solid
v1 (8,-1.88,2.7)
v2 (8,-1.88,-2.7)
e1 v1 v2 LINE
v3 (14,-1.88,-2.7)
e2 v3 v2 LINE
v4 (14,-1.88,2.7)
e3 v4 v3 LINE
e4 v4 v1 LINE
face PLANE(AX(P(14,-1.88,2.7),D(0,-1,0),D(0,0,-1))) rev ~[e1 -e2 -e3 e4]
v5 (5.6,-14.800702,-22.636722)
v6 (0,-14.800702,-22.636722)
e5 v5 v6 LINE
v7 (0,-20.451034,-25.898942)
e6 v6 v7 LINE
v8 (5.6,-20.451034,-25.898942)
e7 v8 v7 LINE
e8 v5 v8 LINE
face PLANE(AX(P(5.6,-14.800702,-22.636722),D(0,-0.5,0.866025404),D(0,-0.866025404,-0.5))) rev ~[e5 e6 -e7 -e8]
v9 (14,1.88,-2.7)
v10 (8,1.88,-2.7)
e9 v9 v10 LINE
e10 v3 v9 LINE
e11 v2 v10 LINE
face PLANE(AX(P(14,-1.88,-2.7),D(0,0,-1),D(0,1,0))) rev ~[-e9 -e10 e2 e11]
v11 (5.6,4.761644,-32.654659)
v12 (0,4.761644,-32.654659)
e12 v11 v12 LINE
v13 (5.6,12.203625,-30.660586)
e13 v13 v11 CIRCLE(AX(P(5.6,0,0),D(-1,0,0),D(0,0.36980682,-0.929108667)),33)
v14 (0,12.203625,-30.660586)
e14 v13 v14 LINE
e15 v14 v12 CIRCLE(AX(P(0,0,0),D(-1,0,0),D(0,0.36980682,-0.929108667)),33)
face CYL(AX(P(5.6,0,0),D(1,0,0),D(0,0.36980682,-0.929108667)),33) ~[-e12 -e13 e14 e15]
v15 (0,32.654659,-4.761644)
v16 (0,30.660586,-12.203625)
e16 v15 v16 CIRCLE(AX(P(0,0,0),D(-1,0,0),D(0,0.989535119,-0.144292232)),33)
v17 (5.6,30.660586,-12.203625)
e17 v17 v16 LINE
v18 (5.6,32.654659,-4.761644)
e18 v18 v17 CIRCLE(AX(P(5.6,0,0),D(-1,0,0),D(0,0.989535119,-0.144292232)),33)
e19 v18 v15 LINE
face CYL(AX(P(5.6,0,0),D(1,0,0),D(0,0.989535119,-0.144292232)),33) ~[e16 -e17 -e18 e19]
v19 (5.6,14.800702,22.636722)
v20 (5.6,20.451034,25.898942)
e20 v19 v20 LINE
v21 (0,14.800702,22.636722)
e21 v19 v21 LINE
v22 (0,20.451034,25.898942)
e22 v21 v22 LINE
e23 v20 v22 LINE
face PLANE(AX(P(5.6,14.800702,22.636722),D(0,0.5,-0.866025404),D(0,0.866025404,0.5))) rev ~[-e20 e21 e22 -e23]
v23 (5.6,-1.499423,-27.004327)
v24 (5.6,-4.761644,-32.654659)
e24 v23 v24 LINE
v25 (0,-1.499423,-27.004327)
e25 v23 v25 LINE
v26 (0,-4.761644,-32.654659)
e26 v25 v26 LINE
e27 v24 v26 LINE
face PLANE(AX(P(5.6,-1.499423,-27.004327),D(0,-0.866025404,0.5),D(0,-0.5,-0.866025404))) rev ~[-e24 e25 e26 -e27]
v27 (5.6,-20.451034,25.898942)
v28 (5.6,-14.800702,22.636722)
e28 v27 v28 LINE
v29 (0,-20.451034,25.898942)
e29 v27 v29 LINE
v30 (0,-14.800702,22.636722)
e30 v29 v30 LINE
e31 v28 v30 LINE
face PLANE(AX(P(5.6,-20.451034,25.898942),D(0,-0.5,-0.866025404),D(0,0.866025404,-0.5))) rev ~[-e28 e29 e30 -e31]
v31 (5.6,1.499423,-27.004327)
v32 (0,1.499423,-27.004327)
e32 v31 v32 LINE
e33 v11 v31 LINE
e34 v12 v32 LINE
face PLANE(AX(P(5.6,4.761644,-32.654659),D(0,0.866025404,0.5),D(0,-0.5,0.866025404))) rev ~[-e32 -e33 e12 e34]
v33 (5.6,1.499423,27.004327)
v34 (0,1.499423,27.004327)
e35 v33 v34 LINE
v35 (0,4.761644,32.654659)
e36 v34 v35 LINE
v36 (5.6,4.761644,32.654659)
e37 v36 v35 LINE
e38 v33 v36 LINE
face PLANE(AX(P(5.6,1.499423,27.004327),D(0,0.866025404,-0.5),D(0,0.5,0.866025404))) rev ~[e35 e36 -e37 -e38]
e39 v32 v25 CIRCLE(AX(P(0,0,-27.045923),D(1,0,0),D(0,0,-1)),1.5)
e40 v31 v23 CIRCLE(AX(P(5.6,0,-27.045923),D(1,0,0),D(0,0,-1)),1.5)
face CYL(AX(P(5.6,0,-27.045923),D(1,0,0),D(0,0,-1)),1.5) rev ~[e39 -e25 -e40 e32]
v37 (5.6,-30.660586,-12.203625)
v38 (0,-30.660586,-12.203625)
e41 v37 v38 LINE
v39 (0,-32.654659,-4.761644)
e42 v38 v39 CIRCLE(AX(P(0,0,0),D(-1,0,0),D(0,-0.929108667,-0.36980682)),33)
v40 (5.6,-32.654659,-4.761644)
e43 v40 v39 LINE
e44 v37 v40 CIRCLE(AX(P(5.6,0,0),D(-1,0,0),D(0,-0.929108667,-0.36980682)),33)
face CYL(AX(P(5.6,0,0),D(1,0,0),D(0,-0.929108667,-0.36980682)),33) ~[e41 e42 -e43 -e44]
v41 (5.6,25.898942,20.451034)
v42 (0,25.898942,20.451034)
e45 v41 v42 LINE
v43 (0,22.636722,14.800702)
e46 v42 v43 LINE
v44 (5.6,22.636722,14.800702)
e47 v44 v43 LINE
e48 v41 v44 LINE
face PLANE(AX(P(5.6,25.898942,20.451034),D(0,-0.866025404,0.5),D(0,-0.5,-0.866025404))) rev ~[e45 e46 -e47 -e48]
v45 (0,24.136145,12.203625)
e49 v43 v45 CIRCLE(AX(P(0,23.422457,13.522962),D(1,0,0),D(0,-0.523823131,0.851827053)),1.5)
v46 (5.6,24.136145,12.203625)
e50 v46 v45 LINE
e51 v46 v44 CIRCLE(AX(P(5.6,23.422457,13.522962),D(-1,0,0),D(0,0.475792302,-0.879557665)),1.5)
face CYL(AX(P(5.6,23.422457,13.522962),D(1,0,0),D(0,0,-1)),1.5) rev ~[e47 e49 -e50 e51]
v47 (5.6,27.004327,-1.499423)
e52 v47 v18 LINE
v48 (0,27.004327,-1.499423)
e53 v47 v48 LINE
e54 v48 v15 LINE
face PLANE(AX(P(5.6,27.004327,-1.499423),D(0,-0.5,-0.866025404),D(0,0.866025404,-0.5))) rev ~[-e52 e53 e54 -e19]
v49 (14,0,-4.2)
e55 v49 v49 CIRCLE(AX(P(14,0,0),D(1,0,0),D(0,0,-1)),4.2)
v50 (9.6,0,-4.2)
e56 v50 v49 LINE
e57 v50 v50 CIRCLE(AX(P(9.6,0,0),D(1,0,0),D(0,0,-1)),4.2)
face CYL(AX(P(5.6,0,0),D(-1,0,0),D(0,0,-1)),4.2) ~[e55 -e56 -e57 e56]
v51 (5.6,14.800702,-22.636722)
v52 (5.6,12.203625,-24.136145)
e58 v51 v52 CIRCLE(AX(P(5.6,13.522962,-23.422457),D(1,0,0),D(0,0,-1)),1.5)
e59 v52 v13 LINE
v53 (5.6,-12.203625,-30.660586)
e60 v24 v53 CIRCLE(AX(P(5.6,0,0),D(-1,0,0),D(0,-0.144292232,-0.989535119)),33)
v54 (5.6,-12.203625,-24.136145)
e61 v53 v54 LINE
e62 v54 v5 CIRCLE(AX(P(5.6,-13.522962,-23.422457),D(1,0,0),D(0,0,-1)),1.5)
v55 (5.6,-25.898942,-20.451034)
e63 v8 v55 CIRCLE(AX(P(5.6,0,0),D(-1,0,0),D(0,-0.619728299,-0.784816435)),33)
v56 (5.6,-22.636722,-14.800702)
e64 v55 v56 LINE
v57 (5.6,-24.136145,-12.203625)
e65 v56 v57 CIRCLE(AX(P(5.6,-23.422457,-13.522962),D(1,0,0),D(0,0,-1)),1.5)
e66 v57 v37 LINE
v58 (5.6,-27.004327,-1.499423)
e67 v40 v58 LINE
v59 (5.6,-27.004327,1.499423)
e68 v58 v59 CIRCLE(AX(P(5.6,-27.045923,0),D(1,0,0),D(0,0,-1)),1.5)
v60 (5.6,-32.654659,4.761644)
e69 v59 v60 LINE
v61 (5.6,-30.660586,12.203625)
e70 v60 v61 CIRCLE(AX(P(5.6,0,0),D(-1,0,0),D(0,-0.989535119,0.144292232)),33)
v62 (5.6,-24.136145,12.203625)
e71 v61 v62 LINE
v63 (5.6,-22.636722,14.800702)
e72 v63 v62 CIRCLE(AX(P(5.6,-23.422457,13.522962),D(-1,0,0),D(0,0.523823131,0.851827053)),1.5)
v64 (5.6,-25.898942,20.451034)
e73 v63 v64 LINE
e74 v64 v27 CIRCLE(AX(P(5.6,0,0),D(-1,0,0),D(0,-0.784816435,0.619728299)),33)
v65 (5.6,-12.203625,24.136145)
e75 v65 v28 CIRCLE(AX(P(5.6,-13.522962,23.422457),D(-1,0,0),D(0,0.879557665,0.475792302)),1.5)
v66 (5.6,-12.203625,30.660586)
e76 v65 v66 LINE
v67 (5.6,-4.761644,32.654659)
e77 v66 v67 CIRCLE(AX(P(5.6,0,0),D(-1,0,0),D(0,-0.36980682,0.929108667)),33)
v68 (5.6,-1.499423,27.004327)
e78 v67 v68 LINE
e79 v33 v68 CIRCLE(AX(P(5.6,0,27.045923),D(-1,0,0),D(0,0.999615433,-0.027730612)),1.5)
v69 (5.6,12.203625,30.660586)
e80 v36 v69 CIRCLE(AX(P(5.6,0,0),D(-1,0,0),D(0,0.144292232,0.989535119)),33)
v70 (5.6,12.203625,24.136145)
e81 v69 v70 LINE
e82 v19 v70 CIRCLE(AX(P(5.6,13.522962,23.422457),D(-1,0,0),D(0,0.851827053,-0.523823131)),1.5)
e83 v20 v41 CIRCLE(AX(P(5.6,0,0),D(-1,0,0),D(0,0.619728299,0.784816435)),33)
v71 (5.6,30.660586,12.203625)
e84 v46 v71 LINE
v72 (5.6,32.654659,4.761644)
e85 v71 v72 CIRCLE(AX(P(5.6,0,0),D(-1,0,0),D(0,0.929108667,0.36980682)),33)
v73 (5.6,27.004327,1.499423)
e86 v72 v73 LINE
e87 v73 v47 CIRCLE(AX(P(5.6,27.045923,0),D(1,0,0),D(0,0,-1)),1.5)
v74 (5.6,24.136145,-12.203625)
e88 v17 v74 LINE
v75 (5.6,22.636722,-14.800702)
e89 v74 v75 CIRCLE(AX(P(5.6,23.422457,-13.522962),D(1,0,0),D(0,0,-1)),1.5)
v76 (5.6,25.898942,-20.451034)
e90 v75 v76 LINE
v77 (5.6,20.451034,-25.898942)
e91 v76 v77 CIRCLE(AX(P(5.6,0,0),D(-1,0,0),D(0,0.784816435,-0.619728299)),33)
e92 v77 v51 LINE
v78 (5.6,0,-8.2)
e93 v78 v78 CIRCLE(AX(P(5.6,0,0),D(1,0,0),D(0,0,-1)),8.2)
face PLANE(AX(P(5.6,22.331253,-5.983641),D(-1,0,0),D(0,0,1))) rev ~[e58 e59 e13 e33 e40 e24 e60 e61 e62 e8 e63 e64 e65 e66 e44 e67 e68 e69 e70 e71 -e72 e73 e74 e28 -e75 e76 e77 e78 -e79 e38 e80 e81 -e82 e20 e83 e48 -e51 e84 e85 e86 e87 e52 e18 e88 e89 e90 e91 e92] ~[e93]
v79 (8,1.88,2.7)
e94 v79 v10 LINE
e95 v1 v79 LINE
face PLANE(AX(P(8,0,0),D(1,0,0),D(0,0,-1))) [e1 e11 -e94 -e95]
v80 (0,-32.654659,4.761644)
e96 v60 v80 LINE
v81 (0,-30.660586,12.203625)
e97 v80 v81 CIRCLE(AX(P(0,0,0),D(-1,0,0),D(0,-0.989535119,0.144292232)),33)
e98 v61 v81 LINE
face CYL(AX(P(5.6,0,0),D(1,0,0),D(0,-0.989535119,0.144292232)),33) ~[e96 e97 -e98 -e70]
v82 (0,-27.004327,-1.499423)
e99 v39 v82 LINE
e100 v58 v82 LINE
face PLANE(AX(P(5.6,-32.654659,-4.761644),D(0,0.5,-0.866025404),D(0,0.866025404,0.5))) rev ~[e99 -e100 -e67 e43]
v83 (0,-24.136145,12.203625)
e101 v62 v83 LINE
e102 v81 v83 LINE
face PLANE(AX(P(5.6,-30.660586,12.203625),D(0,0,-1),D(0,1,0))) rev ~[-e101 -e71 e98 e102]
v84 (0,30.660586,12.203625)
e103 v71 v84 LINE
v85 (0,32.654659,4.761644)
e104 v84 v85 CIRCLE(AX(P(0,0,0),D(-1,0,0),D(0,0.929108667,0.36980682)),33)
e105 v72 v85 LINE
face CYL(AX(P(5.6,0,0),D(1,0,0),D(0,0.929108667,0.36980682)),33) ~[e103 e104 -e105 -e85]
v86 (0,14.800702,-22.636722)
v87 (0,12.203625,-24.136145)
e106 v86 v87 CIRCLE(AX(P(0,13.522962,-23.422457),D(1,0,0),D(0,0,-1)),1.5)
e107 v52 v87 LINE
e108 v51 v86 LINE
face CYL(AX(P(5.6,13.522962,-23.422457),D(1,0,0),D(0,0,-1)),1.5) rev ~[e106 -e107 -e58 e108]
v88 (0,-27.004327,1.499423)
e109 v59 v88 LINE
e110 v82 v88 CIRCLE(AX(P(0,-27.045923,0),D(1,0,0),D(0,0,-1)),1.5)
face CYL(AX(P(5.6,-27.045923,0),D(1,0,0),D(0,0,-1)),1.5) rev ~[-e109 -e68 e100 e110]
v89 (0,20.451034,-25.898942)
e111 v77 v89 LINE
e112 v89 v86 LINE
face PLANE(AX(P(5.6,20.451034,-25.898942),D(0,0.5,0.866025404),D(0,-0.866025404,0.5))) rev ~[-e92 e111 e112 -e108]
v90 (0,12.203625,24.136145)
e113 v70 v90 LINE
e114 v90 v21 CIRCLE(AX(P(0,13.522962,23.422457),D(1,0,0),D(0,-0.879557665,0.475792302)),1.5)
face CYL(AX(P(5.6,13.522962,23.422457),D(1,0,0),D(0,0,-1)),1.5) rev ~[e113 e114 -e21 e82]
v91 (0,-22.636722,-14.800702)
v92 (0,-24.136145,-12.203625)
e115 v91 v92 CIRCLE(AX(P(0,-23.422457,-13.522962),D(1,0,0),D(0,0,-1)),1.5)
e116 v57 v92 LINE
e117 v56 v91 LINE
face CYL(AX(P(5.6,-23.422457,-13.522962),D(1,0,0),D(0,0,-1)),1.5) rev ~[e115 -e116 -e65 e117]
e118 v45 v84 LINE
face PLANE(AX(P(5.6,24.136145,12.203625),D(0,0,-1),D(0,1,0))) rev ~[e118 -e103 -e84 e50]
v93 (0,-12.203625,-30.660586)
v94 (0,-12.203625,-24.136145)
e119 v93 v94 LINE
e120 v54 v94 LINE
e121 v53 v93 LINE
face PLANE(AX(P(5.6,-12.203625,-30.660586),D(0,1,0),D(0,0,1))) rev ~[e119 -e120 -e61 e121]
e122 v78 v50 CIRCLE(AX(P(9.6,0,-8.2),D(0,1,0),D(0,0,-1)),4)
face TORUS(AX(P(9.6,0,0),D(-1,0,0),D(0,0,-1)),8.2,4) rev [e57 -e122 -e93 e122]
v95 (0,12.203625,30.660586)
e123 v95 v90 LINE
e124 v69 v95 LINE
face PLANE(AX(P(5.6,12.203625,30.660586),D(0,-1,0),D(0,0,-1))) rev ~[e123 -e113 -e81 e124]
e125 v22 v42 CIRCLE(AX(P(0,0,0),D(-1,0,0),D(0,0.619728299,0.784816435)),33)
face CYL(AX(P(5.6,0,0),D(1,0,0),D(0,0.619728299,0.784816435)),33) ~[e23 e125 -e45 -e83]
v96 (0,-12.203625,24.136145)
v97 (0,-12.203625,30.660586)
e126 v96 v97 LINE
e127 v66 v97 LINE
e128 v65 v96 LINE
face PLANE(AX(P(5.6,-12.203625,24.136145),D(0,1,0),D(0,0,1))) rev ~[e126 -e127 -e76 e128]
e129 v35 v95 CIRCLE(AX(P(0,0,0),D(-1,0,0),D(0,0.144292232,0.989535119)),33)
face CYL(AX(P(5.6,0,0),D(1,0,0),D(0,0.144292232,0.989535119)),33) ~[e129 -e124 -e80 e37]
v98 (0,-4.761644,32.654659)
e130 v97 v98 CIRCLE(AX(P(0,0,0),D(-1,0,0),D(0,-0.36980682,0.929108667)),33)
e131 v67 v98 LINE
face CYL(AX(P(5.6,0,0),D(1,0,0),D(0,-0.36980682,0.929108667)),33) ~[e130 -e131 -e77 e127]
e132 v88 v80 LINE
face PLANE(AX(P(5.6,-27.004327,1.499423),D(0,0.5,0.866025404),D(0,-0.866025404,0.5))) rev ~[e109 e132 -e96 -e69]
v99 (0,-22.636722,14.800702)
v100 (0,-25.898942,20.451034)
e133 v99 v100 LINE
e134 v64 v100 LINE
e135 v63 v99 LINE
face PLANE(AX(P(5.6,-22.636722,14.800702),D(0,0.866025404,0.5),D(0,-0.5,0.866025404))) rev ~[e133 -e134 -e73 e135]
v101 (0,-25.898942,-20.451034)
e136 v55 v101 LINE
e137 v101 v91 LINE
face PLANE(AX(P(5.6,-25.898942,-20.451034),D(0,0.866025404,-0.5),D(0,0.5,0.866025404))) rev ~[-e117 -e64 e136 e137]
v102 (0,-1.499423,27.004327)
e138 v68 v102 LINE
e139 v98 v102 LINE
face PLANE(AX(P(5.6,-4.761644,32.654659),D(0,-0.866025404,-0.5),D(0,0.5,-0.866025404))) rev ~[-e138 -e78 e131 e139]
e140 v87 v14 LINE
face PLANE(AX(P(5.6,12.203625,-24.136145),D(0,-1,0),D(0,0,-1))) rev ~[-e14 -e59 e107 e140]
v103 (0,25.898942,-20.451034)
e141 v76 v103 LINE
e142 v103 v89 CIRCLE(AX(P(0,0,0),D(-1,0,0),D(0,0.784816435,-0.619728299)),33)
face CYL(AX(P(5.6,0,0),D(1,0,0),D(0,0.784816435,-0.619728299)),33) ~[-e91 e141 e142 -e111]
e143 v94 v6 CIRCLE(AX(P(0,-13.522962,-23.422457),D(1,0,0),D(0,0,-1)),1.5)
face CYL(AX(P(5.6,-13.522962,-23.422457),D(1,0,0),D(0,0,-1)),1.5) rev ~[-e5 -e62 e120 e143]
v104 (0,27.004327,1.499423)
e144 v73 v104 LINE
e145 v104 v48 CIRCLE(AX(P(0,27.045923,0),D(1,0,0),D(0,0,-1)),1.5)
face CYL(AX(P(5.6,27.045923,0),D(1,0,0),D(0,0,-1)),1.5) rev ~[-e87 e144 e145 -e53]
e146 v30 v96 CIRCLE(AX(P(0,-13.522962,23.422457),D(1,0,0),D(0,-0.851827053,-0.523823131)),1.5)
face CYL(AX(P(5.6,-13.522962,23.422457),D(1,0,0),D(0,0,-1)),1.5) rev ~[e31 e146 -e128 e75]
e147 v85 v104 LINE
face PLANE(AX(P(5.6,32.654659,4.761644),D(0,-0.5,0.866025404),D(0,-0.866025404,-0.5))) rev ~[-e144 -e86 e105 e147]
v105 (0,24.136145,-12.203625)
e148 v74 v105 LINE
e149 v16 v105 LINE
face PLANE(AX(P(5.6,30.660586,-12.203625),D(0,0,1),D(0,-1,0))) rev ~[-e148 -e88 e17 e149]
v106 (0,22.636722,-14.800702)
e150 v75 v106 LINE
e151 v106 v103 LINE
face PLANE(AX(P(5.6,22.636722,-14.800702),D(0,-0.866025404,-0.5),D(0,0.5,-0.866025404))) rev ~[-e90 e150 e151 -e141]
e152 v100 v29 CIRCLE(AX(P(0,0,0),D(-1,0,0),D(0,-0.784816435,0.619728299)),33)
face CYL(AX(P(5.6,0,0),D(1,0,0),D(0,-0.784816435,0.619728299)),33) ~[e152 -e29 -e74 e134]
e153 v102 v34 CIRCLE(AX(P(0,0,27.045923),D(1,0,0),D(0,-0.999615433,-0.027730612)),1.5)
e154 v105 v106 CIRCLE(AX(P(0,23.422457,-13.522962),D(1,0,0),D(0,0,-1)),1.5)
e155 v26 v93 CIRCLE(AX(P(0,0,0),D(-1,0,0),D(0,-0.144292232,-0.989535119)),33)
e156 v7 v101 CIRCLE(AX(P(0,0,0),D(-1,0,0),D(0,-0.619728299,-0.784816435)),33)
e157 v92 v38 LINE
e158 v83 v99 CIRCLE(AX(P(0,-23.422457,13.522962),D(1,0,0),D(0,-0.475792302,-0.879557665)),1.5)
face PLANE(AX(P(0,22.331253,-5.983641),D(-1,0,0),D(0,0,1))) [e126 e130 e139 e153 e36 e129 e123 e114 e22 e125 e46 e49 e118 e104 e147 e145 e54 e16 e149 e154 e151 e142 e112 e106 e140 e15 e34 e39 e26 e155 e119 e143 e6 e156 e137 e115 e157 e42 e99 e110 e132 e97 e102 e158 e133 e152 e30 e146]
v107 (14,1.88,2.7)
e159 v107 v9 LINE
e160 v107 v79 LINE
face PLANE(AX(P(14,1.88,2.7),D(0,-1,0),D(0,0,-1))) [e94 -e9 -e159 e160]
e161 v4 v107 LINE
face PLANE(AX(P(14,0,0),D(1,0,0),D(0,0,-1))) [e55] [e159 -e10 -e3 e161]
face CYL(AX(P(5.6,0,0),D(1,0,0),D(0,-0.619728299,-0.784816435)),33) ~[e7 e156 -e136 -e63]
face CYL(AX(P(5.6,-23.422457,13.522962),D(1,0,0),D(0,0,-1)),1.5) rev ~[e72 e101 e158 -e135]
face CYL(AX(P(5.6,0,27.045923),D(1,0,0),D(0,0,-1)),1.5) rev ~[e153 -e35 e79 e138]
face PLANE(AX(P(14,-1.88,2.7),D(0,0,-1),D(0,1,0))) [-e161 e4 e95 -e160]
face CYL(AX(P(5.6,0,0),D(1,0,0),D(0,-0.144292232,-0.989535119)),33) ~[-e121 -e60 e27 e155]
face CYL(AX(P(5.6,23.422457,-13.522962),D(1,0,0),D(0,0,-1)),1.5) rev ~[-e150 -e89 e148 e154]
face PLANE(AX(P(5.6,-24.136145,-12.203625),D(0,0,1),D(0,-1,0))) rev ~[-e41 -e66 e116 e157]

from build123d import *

# Parameters (mm, degrees)
SKETCH3_R           = 27.045923136
BOSS_EXTRUDE1_DEPTH = 5.6
SKETCH4_R           = 1.5
CUT_EXTRUDE1_DEPTH  = 6.6
BOSS_EXTRUDE3_DEPTH = 5.6
SKETCH6_R           = 4.2
BOSS_EXTRUDE4_DEPTH = 8.4
SKETCH7_W           = 5.4
SKETCH7_H           = 3.76
CUT_EXTRUDE2_DEPTH  = 6
FILLET1_R           = 4


with BuildPart() as part:
    # Sketch3 → Boss-Extrude1 (new body)
    with BuildSketch(Plane(origin=(0, 0, 0), x_dir=(0, 0, -1), z_dir=(1, 0, 0))):
        Circle(SKETCH3_R)
    extrude(amount=BOSS_EXTRUDE1_DEPTH)

    # Sketch4 → Cut-Extrude1 (cut, through all)
    with BuildSketch(Plane(origin=(5.6, 0, 0), x_dir=(0, 0, -1), z_dir=(1, 0, 0))):
        with Locations((0, 27.045923136)):
            Circle(SKETCH4_R)
        with Locations((13.522961568, 23.422456505)):
            Circle(SKETCH4_R)
        with Locations((23.422456505, 13.522961568)):
            Circle(SKETCH4_R)
        with Locations((27.045923136, 0)):
            Circle(SKETCH4_R)
        with Locations((23.422456505, -13.522961568)):
            Circle(SKETCH4_R)
        with Locations((13.522961568, -23.422456505)):
            Circle(SKETCH4_R)
        with Locations((0, -27.045923136)):
            Circle(SKETCH4_R)
        with Locations((-13.522961568, -23.422456505)):
            Circle(SKETCH4_R)
        with Locations((-23.422456505, -13.522961568)):
            Circle(SKETCH4_R)
        with Locations((-27.045923136, 0)):
            Circle(SKETCH4_R)
        with Locations((-23.422456505, 13.522961568)):
            Circle(SKETCH4_R)
        with Locations((-13.522961568, 23.422456505)):
            Circle(SKETCH4_R)
    extrude(amount=-CUT_EXTRUDE1_DEPTH, mode=Mode.SUBTRACT)

    # Sketch5 → Boss-Extrude3 (add)
    with BuildSketch(Plane(origin=(5.6, 0, 0), x_dir=(0, 0, -1), z_dir=(1, 0, 0))):
        with BuildLine():
            Line((1.499423149, 27.004327218), (4.76164368, 32.654658924))
            ThreePointArc((4.76164368, 32.654658924), (8.541028488, 31.875552268), (12.203625071, 30.660586021))
            Line((12.203625071, 30.660586021), (12.203625071, 24.136144957))
            Line((12.203625071, 24.136144957), (2.679491924, 10))
            Line((2.679491924, 10), (1.499423149, 27.004327218))
        make_face()
        with BuildLine():
            Line((22.636721809, 14.800702147), (7.320508076, 7.320508076))
            Line((7.320508076, 7.320508076), (14.800702147, 22.636721809))
            Line((14.800702147, 22.636721809), (20.451033853, 25.89894234))
            ThreePointArc((20.451033853, 25.89894234), (23.334523779, 23.334523779), (25.89894234, 20.451033853))
            Line((25.89894234, 20.451033853), (22.636721809, 14.800702147))
        make_face()
        with BuildLine():
            Line((27.004327218, 1.499423149), (10, 2.679491924))
            Line((10, 2.679491924), (24.136144957, 12.203625071))
            Line((24.136144957, 12.203625071), (30.660586021, 12.203625071))
            ThreePointArc((30.660586021, 12.203625071), (31.875552268, 8.541028488), (32.654658924, 4.76164368))
            Line((32.654658924, 4.76164368), (27.004327218, 1.499423149))
        make_face()
        with BuildLine():
            Line((24.136144957, -12.203625071), (10, -2.679491924))
            Line((10, -2.679491924), (27.004327218, -1.499423149))
            Line((27.004327218, -1.499423149), (32.654658924, -4.76164368))
            ThreePointArc((32.654658924, -4.76164368), (31.875552268, -8.541028488), (30.660586021, -12.203625071))
            Line((30.660586021, -12.203625071), (24.136144957, -12.203625071))
        make_face()
        with BuildLine():
            Line((14.800702147, -22.636721809), (7.320508076, -7.320508076))
            Line((7.320508076, -7.320508076), (22.636721809, -14.800702147))
            Line((22.636721809, -14.800702147), (25.89894234, -20.451033853))
            ThreePointArc((25.89894234, -20.451033853), (23.334523779, -23.334523779), (20.451033853, -25.89894234))
            Line((20.451033853, -25.89894234), (14.800702147, -22.636721809))
        make_face()
        with BuildLine():
            Line((1.499423149, -27.004327218), (2.679491924, -10))
            Line((2.679491924, -10), (12.203625071, -24.136144957))
            Line((12.203625071, -24.136144957), (12.203625071, -30.660586021))
            ThreePointArc((12.203625071, -30.660586021), (8.541028488, -31.875552268), (4.76164368, -32.654658924))
            Line((4.76164368, -32.654658924), (1.499423149, -27.004327218))
        make_face()
        with BuildLine():
            Line((-12.203625071, -24.136144957), (-2.679491924, -10))
            Line((-2.679491924, -10), (-1.499423149, -27.004327218))
            Line((-1.499423149, -27.004327218), (-4.76164368, -32.654658924))
            ThreePointArc((-4.76164368, -32.654658924), (-8.541028488, -31.875552268), (-12.203625071, -30.660586021))
            Line((-12.203625071, -30.660586021), (-12.203625071, -24.136144957))
        make_face()
        with BuildLine():
            Line((-22.636721809, -14.800702147), (-7.320508076, -7.320508076))
            Line((-7.320508076, -7.320508076), (-14.800702147, -22.636721809))
            Line((-14.800702147, -22.636721809), (-20.451033853, -25.89894234))
            ThreePointArc((-20.451033853, -25.89894234), (-23.334523779, -23.334523779), (-25.89894234, -20.451033853))
            Line((-25.89894234, -20.451033853), (-22.636721809, -14.800702147))
        make_face()
        with BuildLine():
            Line((-27.004327218, -1.499423149), (-10, -2.679491924))
            Line((-10, -2.679491924), (-24.136144957, -12.203625071))
            Line((-24.136144957, -12.203625071), (-30.660586021, -12.203625071))
            ThreePointArc((-30.660586021, -12.203625071), (-31.875552268, -8.541028488), (-32.654658924, -4.76164368))
            Line((-32.654658924, -4.76164368), (-27.004327218, -1.499423149))
        make_face()
        with BuildLine():
            Line((-24.136144957, 12.203625071), (-10, 2.679491924))
            Line((-10, 2.679491924), (-27.004327218, 1.499423149))
            Line((-27.004327218, 1.499423149), (-32.654658924, 4.76164368))
            ThreePointArc((-32.654658924, 4.76164368), (-31.875552268, 8.541028488), (-30.660586021, 12.203625071))
            Line((-30.660586021, 12.203625071), (-24.136144957, 12.203625071))
        make_face()
        with BuildLine():
            Line((-14.800702147, 22.636721809), (-7.320508076, 7.320508076))
            Line((-7.320508076, 7.320508076), (-22.636721809, 14.800702147))
            Line((-22.636721809, 14.800702147), (-25.89894234, 20.451033853))
            ThreePointArc((-25.89894234, 20.451033853), (-23.334523779, 23.334523779), (-20.451033853, 25.89894234))
            Line((-20.451033853, 25.89894234), (-14.800702147, 22.636721809))
        make_face()
        with BuildLine():
            Line((-1.499423149, 27.004327218), (-2.679491924, 10))
            Line((-2.679491924, 10), (-12.203625071, 24.136144957))
            Line((-12.203625071, 24.136144957), (-12.203625071, 30.660586021))
            ThreePointArc((-12.203625071, 30.660586021), (-8.541028488, 31.875552268), (-4.76164368, 32.654658924))
            Line((-4.76164368, 32.654658924), (-1.499423149, 27.004327218))
        make_face()
    extrude(amount=-BOSS_EXTRUDE3_DEPTH)

    # Sketch6 → Boss-Extrude4 (add)
    with BuildSketch(Plane(origin=(5.6, 0, 0), x_dir=(0, 0, -1), z_dir=(1, 0, 0))):
        Circle(SKETCH6_R)
    extrude(amount=BOSS_EXTRUDE4_DEPTH)

    # Sketch7 → Cut-Extrude2 (cut)
    with BuildSketch(Plane(origin=(14, 0, 0), x_dir=(0, 0, -1), z_dir=(1, 0, 0))):
        Rectangle(SKETCH7_W, SKETCH7_H)
    extrude(amount=-CUT_EXTRUDE2_DEPTH, mode=Mode.SUBTRACT)

    # Fillet1
    fillet1_edges = [part.edges().sort_by_distance(p)[0] for p in [
        (5.6, 0, 4.2),
    ]]
    fillet(fillet1_edges, radius=FILLET1_R)


solid = part.part
